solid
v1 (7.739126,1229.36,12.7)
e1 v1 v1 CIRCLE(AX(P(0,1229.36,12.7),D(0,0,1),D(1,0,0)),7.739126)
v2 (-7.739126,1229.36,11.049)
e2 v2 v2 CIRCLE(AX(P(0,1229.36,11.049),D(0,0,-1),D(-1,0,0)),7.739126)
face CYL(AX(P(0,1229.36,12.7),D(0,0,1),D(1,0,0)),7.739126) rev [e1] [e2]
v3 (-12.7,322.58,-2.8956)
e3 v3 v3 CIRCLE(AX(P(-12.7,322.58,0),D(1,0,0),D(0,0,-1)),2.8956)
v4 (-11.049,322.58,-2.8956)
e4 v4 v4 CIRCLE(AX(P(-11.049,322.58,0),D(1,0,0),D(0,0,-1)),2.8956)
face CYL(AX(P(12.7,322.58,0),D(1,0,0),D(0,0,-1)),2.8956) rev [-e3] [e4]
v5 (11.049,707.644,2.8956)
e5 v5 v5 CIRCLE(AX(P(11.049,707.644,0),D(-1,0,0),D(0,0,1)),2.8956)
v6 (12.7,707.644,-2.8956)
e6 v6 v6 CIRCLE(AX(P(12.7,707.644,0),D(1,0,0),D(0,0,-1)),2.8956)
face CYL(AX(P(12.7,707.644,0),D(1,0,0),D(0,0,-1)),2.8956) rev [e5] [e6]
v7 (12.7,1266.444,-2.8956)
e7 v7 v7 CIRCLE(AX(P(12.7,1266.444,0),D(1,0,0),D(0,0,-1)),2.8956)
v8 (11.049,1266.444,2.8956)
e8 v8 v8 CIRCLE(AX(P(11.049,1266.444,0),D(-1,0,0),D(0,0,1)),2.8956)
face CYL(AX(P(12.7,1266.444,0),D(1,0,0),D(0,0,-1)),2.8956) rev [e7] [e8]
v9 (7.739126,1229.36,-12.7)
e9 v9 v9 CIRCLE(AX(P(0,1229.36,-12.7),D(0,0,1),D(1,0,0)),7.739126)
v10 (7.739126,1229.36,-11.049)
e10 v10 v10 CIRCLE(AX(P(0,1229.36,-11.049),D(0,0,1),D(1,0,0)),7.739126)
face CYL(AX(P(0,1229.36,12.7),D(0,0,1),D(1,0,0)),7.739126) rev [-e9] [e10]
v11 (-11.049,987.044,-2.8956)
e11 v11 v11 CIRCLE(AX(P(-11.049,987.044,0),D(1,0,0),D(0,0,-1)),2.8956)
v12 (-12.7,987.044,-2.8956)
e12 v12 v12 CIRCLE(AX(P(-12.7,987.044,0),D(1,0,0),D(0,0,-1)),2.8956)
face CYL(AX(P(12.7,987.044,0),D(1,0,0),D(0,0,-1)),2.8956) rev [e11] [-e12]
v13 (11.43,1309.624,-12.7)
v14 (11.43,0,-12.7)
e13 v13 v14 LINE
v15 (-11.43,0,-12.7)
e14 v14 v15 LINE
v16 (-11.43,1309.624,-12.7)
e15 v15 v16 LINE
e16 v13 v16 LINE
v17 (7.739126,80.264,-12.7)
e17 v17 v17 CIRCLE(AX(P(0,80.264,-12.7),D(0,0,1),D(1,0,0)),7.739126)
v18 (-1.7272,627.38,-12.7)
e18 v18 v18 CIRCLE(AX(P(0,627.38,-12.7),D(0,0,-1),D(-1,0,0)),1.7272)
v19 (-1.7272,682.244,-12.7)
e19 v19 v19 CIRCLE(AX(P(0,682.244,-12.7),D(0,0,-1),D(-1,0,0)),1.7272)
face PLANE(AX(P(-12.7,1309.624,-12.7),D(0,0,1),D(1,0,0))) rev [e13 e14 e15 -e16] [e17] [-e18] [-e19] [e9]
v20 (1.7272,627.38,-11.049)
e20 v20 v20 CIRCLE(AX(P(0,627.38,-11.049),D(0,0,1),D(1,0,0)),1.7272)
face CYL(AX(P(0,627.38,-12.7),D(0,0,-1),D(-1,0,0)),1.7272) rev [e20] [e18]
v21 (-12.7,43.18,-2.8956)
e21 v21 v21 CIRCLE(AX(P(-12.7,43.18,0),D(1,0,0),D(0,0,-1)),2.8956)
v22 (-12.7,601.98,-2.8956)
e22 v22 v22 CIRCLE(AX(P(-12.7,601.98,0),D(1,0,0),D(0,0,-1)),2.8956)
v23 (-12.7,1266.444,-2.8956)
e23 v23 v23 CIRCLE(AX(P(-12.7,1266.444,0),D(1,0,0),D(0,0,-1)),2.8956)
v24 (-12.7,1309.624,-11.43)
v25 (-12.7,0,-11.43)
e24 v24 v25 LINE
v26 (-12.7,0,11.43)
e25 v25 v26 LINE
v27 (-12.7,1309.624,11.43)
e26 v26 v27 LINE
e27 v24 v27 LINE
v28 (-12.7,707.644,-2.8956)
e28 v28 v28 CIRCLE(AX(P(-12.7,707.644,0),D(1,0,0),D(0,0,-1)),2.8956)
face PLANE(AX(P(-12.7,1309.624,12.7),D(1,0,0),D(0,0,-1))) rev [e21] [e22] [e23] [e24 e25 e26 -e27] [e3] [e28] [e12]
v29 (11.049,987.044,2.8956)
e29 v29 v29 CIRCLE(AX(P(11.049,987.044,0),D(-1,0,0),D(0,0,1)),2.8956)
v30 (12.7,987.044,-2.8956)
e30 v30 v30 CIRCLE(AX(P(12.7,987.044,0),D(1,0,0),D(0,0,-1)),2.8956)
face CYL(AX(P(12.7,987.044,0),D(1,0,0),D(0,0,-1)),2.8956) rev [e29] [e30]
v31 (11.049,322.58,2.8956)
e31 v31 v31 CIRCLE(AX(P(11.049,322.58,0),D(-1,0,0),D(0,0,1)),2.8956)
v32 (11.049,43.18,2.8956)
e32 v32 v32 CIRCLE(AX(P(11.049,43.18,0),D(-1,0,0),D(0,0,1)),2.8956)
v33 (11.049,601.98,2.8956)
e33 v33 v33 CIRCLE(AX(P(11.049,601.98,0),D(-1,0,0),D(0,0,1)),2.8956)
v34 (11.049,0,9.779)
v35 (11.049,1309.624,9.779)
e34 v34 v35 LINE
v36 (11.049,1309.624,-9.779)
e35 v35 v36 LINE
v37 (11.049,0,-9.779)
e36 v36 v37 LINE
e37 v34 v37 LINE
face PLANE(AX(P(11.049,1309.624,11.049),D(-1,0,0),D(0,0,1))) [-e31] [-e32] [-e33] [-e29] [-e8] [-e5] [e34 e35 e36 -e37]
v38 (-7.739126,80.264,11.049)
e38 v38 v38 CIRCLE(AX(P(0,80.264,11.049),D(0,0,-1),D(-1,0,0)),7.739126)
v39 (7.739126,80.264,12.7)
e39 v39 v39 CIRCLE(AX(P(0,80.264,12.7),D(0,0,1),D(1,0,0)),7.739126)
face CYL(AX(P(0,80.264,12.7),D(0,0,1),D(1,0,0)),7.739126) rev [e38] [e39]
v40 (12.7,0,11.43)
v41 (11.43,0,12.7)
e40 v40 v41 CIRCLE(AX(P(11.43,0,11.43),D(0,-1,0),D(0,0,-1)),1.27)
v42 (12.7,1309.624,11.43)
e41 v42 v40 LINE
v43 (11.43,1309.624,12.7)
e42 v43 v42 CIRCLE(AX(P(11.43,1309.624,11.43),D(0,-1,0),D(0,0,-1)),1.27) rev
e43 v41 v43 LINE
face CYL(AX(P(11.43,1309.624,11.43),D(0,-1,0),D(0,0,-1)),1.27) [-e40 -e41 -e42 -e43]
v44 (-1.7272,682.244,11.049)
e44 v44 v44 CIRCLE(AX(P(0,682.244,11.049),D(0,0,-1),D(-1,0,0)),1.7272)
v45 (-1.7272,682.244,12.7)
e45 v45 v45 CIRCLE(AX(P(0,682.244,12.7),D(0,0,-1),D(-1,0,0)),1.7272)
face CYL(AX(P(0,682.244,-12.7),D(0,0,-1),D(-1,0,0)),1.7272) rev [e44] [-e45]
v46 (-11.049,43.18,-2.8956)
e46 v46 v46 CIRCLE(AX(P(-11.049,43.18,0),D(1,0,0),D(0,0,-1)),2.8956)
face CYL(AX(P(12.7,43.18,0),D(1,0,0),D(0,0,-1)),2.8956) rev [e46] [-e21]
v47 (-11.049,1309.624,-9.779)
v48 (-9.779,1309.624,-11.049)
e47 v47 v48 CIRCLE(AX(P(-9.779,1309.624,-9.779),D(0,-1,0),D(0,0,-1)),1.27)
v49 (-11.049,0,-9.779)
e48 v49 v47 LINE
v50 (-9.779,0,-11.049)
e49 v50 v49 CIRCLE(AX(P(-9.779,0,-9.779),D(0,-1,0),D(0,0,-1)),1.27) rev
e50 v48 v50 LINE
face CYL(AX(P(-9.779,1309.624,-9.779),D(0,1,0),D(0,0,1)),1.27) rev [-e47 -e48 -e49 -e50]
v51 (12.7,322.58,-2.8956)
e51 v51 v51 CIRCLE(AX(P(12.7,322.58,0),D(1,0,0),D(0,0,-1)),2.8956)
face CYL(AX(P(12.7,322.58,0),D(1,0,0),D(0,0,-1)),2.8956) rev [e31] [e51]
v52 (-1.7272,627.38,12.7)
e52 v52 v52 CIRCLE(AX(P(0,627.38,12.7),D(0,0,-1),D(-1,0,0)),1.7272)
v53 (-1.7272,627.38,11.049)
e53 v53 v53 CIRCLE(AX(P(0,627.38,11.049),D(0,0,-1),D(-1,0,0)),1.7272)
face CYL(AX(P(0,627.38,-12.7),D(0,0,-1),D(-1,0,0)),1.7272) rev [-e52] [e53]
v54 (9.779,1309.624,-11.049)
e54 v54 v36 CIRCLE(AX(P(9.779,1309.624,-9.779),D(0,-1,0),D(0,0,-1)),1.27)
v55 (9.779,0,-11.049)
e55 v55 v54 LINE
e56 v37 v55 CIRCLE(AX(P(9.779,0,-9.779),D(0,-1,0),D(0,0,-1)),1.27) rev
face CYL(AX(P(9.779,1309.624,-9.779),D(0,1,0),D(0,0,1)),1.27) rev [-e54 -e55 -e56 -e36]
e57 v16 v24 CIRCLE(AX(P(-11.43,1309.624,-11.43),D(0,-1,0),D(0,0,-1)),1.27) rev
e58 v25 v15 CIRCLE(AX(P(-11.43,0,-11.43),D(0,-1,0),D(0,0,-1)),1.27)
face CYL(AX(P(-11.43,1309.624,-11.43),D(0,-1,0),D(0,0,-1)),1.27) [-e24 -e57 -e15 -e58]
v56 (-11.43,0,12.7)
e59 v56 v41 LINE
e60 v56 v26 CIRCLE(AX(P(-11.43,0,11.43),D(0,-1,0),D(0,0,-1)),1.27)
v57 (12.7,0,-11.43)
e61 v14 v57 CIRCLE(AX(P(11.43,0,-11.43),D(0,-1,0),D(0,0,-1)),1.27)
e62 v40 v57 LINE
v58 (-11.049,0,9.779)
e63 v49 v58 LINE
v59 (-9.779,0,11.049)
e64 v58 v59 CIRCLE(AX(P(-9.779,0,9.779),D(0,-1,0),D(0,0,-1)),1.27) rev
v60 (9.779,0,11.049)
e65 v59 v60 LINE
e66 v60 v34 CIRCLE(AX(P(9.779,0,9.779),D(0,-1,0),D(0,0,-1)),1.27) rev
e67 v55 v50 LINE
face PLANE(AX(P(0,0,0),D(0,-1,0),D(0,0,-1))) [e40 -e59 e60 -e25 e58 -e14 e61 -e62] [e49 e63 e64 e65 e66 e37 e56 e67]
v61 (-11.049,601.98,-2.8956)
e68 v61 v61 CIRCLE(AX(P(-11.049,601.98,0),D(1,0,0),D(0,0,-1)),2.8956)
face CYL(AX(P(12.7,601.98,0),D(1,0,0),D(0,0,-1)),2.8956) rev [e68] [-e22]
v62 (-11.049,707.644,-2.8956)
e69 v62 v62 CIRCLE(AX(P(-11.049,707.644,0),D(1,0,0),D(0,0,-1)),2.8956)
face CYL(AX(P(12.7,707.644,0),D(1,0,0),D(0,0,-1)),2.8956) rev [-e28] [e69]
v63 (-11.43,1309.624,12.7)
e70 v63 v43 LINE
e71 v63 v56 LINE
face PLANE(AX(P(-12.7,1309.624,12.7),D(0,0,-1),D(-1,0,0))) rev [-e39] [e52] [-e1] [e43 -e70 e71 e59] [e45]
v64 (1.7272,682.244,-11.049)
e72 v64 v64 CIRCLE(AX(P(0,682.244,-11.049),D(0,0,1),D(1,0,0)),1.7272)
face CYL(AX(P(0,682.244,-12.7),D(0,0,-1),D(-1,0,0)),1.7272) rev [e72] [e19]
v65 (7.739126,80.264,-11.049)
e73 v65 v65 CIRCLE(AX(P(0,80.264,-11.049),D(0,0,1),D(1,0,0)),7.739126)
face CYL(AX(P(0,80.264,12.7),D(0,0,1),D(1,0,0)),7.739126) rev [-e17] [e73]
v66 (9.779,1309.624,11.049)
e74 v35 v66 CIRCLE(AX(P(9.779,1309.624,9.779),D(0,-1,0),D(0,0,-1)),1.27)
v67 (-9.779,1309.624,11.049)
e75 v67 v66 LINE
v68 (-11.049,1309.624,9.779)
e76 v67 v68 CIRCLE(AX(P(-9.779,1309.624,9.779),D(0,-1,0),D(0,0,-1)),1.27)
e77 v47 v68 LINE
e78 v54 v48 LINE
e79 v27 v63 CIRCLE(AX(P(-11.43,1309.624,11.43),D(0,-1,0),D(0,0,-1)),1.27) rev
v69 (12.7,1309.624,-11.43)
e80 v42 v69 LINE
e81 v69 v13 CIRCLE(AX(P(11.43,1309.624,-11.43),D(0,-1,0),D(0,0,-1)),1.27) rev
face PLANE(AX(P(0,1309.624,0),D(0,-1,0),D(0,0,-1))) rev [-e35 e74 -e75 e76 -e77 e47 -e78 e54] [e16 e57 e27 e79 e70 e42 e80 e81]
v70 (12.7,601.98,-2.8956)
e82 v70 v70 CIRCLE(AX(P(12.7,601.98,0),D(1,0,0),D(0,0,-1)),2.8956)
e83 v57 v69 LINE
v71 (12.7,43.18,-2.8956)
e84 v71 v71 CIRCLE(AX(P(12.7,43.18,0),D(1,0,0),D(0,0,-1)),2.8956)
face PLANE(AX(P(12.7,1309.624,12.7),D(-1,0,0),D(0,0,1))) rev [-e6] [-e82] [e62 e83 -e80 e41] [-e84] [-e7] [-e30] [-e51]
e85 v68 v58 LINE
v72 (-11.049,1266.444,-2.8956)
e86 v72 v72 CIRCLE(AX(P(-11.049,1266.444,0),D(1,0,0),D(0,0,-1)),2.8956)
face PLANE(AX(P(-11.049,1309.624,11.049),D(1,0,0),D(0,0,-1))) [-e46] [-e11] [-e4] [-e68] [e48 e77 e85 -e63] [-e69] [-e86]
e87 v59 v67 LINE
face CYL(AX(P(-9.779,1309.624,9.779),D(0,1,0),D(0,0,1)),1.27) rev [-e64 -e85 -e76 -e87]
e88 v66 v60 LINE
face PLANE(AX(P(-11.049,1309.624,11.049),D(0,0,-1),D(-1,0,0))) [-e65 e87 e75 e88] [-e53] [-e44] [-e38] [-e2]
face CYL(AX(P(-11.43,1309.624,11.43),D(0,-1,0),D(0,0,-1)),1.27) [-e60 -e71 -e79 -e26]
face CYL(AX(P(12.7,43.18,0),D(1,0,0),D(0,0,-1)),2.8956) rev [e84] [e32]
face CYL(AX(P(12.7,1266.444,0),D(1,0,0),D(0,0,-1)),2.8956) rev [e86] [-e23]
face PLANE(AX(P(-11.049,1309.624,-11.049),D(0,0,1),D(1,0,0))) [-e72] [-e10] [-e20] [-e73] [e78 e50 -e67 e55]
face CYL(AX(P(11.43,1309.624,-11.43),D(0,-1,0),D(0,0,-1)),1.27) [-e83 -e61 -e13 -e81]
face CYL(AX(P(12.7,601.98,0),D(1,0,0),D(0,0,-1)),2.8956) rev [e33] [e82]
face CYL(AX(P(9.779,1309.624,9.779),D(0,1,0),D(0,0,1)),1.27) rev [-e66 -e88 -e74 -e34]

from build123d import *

# Parameters (mm, degrees)
SKETCH1_W                        = 25.4
SKETCH1_H                        = 25.4
SKETCH1_W_2                      = 22.098
SKETCH1_H_2                      = 22.098
BOSS_EXTRUDE1_DEPTH              = 1309.624
FILLET1_R                        = 1.27
F_1_0_228_DIAMETER_HOLE1_D       = 5.7912
F_8_32_TAPPED_HOLE1_D            = 3.4544
F_39_64_0_60938_DIAMETER_HOLE1_D = 15.478252


with BuildPart() as part:
    # Sketch1 → Boss-Extrude1 (new body)
    with BuildSketch(Plane(origin=(0, 0, 0), x_dir=(1, 0, 0), z_dir=(0, 1, 0))):
        Rectangle(SKETCH1_W, SKETCH1_H)
        Rectangle(SKETCH1_W_2, SKETCH1_H_2, mode=Mode.SUBTRACT)
    extrude(amount=BOSS_EXTRUDE1_DEPTH)

    # Fillet1
    fillet1_edges = [part.edges().sort_by_distance(p)[0] for p in [
        (-11.049, 654.812, 11.049),
        (11.049, 654.812, 11.049),
        (11.049, 654.812, -11.049),
        (-11.049, 654.812, -11.049),
        (12.7, 654.812, 12.7),
        (-12.7, 654.812, 12.7),
        (-12.7, 654.812, -12.7),
        (12.7, 654.812, -12.7),
    ]]
    fillet(fillet1_edges, radius=FILLET1_R)

    # #1 (0.228) Diameter Hole1 (through all)
    with Locations(Plane(origin=(12.7, 0, 0), x_dir=(0, 0, -1), z_dir=(1, 0, 0))):
        with Locations((0, 601.98), (0, 1266.444), (0, 987.044), (0, 707.644), (0, 43.18), (0, 322.58)):
            Hole(F_1_0_228_DIAMETER_HOLE1_D / 2)

    # #8-32 Tapped Hole1 (through all)
    with Locations(Plane(origin=(0, 0, -12.7), x_dir=(-1, 0, 0), z_dir=(0, 0, -1))):
        with Locations((0, 627.38), (0, 682.244)):
            Hole(F_8_32_TAPPED_HOLE1_D / 2)

    # 39/64 (0.60938) Diameter Hole1 (through all)
    with Locations(Plane.XY.offset(12.7)):
        with Locations((0, 1229.36), (0, 80.264)):
            Hole(F_39_64_0_60938_DIAMETER_HOLE1_D / 2)


solid = part.part
